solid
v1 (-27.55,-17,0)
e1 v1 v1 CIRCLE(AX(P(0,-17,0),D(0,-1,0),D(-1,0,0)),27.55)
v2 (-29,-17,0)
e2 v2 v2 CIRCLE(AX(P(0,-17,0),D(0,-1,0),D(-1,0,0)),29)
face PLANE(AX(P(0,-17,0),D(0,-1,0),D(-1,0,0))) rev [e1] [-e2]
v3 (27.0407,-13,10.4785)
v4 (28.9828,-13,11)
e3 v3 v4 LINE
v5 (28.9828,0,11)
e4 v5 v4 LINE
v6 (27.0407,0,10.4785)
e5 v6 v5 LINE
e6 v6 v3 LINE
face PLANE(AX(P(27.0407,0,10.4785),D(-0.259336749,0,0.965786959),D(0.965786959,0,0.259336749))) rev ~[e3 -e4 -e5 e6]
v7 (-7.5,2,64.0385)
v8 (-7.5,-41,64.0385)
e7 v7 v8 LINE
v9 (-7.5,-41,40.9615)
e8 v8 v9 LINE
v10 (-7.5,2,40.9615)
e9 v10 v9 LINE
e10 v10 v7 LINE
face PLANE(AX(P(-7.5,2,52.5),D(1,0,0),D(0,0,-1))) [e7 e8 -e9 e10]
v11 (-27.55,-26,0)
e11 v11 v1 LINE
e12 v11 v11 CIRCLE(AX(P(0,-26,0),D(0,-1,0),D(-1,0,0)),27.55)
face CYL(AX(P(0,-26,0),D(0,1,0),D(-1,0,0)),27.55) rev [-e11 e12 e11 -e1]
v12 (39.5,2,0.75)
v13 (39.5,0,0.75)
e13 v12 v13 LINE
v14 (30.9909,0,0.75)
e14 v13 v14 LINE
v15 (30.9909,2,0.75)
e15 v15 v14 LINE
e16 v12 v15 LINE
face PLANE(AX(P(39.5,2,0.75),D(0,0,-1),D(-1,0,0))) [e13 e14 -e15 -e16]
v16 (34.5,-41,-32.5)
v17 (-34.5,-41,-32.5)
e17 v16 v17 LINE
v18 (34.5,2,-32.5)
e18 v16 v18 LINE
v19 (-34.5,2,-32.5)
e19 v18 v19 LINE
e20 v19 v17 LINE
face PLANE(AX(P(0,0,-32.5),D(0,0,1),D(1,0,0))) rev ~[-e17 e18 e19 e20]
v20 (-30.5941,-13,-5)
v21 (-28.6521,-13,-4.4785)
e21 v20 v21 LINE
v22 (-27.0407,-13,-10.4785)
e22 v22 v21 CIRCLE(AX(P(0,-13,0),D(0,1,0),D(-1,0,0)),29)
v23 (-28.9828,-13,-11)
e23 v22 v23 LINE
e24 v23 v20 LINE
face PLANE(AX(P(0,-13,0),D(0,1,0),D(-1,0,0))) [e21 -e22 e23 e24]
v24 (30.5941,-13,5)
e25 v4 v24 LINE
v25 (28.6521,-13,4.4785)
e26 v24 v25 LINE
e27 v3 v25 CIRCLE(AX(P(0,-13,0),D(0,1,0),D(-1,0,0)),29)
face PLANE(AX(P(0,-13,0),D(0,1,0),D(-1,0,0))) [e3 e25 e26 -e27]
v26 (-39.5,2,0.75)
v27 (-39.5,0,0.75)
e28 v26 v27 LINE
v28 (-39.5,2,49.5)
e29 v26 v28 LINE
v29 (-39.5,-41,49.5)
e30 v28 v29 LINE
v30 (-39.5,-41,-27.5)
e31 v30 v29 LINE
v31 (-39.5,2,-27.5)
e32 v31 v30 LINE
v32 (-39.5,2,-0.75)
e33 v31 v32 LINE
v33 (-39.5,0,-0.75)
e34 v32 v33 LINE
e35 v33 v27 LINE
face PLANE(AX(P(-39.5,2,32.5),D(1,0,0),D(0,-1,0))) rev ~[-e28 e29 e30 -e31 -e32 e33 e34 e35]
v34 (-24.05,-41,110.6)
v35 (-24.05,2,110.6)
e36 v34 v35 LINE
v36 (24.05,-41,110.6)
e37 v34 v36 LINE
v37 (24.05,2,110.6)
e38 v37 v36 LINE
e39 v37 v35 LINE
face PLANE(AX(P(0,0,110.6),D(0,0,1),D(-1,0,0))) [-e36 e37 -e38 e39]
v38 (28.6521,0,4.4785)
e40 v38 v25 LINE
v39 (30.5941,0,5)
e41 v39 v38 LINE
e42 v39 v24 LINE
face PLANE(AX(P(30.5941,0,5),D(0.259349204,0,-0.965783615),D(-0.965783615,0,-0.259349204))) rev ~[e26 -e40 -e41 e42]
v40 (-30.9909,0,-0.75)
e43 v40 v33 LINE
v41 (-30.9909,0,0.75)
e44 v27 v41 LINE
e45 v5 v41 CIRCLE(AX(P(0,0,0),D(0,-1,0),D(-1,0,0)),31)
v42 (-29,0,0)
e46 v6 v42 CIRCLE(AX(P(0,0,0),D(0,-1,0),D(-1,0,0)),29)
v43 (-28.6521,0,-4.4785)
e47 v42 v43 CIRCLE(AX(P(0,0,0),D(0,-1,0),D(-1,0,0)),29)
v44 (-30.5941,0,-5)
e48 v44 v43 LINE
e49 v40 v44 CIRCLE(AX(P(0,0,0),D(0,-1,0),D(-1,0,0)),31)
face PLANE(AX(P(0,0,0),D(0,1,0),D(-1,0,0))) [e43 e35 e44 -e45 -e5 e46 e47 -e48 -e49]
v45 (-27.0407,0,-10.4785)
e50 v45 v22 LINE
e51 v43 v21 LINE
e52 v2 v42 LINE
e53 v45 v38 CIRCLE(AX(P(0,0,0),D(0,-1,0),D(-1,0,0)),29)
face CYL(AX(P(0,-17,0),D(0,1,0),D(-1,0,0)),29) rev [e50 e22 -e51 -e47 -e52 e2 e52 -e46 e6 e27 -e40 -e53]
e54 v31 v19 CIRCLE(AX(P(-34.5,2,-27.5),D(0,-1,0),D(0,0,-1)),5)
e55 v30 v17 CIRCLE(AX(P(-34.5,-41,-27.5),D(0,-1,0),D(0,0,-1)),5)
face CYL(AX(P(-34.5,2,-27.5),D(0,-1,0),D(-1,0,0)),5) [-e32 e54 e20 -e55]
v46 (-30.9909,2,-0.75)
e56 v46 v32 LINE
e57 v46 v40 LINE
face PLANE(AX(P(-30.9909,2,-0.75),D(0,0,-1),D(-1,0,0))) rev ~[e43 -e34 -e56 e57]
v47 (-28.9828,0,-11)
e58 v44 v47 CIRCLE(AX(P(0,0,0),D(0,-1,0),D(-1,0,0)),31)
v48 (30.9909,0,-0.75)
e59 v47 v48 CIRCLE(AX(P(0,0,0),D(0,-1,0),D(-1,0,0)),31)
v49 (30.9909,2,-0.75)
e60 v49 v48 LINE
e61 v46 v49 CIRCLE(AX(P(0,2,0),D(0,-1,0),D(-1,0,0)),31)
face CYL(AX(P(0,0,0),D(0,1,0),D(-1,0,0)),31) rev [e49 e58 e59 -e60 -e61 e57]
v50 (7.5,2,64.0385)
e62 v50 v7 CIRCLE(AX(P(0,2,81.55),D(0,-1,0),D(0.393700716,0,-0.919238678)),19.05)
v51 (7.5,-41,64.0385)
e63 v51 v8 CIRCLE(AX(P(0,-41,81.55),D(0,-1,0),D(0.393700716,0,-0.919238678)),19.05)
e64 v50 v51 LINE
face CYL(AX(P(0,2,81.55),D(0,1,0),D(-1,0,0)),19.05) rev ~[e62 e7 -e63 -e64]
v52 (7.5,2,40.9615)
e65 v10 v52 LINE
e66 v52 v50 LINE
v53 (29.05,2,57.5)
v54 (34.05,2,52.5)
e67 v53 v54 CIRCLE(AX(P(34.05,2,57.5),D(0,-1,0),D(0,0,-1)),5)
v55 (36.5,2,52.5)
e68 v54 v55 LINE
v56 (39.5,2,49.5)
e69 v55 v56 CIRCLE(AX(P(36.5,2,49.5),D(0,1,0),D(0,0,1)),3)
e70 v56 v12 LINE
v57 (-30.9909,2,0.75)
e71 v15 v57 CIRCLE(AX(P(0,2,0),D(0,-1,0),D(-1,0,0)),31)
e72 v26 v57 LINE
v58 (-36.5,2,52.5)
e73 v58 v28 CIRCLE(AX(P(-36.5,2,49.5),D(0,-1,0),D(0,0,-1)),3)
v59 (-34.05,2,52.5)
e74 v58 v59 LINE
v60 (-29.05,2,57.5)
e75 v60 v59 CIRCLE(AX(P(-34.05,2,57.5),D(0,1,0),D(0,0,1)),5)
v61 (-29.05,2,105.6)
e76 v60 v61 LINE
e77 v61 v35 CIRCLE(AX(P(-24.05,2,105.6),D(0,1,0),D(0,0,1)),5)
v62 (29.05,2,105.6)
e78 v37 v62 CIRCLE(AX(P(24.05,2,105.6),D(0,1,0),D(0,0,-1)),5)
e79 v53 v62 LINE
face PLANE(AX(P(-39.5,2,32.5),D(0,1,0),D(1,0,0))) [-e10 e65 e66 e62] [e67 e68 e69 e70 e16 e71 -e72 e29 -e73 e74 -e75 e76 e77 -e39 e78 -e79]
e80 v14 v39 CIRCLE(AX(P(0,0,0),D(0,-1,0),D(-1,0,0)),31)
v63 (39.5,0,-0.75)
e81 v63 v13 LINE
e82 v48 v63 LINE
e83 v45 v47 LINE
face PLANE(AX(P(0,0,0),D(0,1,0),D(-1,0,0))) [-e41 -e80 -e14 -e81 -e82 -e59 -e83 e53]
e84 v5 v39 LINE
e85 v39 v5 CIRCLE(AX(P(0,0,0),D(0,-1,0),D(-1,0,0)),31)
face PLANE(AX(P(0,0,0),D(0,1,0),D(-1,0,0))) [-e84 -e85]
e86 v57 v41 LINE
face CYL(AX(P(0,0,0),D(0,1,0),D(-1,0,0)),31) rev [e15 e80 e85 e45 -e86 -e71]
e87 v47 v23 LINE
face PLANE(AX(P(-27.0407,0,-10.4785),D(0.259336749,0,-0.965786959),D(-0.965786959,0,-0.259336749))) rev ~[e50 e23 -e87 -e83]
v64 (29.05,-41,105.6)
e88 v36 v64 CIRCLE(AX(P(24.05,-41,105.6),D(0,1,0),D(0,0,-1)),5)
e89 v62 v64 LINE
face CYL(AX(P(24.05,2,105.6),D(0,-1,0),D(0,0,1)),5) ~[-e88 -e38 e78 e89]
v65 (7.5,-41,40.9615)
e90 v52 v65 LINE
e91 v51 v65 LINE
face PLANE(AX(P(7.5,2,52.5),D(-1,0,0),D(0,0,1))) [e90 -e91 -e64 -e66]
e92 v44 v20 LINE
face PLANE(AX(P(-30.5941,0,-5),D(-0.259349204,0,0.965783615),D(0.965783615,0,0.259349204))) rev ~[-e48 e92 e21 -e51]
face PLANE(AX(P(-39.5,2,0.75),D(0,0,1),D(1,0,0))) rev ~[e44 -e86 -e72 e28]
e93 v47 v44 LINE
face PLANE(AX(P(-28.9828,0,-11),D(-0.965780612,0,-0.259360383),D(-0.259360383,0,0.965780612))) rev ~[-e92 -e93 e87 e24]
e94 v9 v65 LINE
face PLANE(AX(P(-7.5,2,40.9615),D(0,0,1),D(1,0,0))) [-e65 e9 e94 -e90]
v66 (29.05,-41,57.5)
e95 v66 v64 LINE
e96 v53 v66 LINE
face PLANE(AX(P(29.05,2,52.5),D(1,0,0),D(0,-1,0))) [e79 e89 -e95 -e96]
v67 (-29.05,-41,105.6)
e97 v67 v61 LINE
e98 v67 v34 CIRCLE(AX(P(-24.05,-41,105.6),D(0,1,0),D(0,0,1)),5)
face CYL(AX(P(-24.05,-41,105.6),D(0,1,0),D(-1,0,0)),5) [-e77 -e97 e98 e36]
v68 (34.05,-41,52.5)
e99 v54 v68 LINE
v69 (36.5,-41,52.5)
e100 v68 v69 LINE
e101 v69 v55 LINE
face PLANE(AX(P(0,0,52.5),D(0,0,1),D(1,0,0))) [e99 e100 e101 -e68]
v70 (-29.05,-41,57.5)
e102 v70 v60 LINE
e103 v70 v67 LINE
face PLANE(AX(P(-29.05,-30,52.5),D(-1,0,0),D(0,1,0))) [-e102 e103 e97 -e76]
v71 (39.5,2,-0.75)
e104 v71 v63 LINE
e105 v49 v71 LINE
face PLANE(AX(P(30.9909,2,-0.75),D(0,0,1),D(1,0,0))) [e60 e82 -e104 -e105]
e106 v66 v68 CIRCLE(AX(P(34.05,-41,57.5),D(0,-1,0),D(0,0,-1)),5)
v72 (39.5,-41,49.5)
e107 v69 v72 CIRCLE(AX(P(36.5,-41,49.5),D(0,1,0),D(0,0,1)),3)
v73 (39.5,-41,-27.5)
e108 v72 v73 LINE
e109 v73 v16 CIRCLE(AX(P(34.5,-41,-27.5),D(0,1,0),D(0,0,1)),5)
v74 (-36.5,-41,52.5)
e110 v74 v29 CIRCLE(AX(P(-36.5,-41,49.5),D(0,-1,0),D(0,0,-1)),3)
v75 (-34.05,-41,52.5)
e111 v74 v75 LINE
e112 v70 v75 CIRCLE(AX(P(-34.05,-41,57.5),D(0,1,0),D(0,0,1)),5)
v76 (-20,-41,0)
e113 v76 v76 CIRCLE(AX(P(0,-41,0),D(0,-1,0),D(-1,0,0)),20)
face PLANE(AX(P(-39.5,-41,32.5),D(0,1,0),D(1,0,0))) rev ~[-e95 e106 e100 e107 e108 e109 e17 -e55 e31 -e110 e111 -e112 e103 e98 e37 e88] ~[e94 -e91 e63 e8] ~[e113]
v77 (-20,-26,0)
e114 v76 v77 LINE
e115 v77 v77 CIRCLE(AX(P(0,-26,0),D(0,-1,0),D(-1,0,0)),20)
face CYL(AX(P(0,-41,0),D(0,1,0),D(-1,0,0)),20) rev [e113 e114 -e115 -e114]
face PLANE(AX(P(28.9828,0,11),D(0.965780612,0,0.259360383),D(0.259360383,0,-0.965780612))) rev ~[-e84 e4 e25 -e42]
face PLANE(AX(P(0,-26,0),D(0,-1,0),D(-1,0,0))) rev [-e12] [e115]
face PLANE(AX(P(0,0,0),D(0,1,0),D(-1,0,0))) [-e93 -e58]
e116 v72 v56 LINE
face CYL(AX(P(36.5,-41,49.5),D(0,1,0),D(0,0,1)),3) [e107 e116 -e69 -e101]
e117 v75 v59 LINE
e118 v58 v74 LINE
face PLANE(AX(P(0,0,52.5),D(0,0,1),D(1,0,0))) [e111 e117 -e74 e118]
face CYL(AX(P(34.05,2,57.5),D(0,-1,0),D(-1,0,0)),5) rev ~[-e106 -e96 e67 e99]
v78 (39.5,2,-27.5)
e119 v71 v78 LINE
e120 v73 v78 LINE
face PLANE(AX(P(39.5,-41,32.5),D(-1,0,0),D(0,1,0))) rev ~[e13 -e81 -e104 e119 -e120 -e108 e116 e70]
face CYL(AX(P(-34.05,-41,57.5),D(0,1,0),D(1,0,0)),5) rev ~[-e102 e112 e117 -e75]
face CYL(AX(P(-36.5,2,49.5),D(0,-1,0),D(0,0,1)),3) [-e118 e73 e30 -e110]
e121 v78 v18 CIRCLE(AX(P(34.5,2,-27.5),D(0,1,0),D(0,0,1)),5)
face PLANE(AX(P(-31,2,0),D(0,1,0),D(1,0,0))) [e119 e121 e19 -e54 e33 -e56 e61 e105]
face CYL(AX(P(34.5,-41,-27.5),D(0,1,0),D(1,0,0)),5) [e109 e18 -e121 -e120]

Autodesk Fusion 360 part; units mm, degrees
sketch "Sketch1" plane through (0, 0, 0) normal (0, 0, 1) x (1, 0, 0)
  line L0 (-29, 0) -> (29, 0)
  line L1 (29, 0) -> (29, -17)
  line L2 (29, -17) -> (-29, -17)
  line L3 (-29, -17) -> (-29, 0)
  line L4 (-31, 2) -> (31, 2)
  line L5 (31, 2) -> (31, 0)
  line L6 (31, 0) -> (-31, 0)
  line L7 (-31, 0) -> (-31, 2)
  line L8 (-27.55, -17) -> (27.55, -17)
  line L9 (27.55, -17) -> (27.55, -26)
  line L10 (27.55, -26) -> (-27.55, -26)
  line L11 (-27.55, -26) -> (-27.55, -17)
  line L12 (-20, -26) -> (20, -26)
  line L13 (20, -26) -> (20, -41)
  line L14 (20, -41) -> (-20, -41)
  line L15 (-20, -41) -> (-20, -26)
  line L16 (-42.5, 22) -> (42.5, 22)
  line L17 (42.5, 22) -> (42.5, 2)
  line L18 (42.5, 2) -> (-42.5, 2)
  line L19 (-42.5, 2) -> (-42.5, 22)
  line L20 (-42.5, -41) -> (-20, -41)
  line L21 (42.5, 2) -> (42.5, 22)
  line L22 (-39.5, 2) -> (-39.5, -41)
  line L23 (20, -41) -> (39.5, -41)
  line L24 (39.5, -41) -> (39.5, 2)
  line L25 (0, 2) -> (0, 22)
  line L26 (0, 2) -> (0, -41)
  dimension "d1" = 17
  dimension "d2" = 58
  dimension "d3" = 2
  dimension "d4" = 62
  dimension "d5" = 55.1
  dimension "d6" = 9
  dimension "d7" = 15
  dimension "d8" = 40
  dimension "d9" = 85
  dimension "d10" = 20
  dimension "d23" = 3
  dimension "d24" = 3
extrude "Extrude3" add sketch "Sketch1" along normal mid plane 65 contours L0 L4 L6 L7 L18 L26 | L0 L2 L3 L6 L8 L26 | L2 L3 L6 L7 L10 L11 L15 L18 L20 L22 | L0 L4 L5 L6 L18 L26 | L0 L1 L2 L6 L8 L26 | L1 L2 L5 L6 L9 L10 L13 L18 L23 L24 | L2 L8 L10 L11 L12 L26 | L2 L8 L9 L10 L12 L26 | L10 L12 L14 L15 L26 | L10 L12 L13 L14 L26
revolve "Revolve2" cut sketch "Sketch1" angle 360 about axis through (0, 2, 0) along (0, -1, 0) contours L0 L4 L6 L7 L18 L26 | L0 L2 L3 L6 L8 L26 | L2 L8 L10 L11 L12 L26 | L10 L12 L14 L15 L26
sketch "Sketch2" plane through (0, 2, 0) normal (0, 1, 0) x (-1, 0, 0)
  circle A0 centre (0, 0) radius 31
  line L0 (39.5, -32.5) -> (39.5, 32.5)
  line L1 (39.5, 32.5) -> (-39.5, 32.5)
  line L2 (-39.5, 32.5) -> (-39.5, -32.5)
  line L3 (-39.5, -32.5) -> (39.5, -32.5)
  line L4 (-39.5, 0.75) -> (-30.9909, 0.75)
  line L5 (-30.9909, 0.75) -> (-30.9909, -0.75)
  line L6 (-30.9909, -0.75) -> (-39.5, -0.75)
  line L7 (-39.5, -0.75) -> (-39.5, 0.75)
  line L8 (39.5, 0.75) -> (30.9909, 0.75)
  line L9 (30.9909, 0.75) -> (30.9909, -0.75)
  line L10 (30.9909, -0.75) -> (39.5, -0.75)
  line L11 (39.5, -0.75) -> (39.5, 0.75)
  line L12 (42.5, 0) -> (-42.5, 0)
  point P0 (28.9828, 11)
  dimension "d28" = 1.5
  dimension "d29" = 1.5
extrude "Extrude4" cut sketch "Sketch2" against normal blind 2 contours A0 L0 L10 L11 L12 | A0 L0 L8 L11 L12 | A0 L2 L4 L7 L12 | A0 L2 L6 L7 L12
sketch "Sketch3" plane through (0, 0, 0) normal (0, 1, 0) x (-1, 0, 0)
  circle A0 centre (0, 0) radius 29
  arc A1 (30.9909, 0.75) -> (-30.9909, 0.75) centre (0, 0) ccw
  line L0 (-30.9909, 0.75) -> (-39.5, 0.75)
  line L1 (-39.5, 0.75) -> (-39.5, -0.75)
  line L2 (-39.5, -0.75) -> (-30.9909, -0.75)
  arc A2 (-30.9909, -0.75) -> (30.9909, -0.75) centre (0, 0) ccw
  line L3 (30.9909, -0.75) -> (39.5, -0.75)
  line L4 (39.5, -0.75) -> (39.5, 0.75)
  line L5 (39.5, 0.75) -> (30.9909, 0.75)
  line L6 (28.9828, -11) -> (30.5941, -5)
  line L7 (30.5941, -5) -> (28.6521, -4.4785)
  line L8 (28.6521, -4.4785) -> (27.0407, -10.4785)
  line L9 (27.0407, -10.4785) -> (28.9828, -11)
  line L10 (-1.75, 0) -> (-22.5, 0)
  circle A3 centre (0, 0) radius 31
  line L11 (-30.5941, 5) -> (-28.6521, 4.4785)
  line L12 (-28.9828, 11) -> (-30.5941, 5)
  line L13 (-28.6521, 4.4785) -> (-27.0407, 10.4785)
  line L14 (-27.0407, 10.4785) -> (-28.9828, 11)
  line L15 (31, 0) -> (30.5941, -5)
  line L16 (0, 0) -> (31, 0)
  dimension "d35" = 6
  dimension "d37" = 360
  dimension "d41" = 5
extrude "Extrude5" cut sketch "Sketch3" against normal blind 13 contours A0 L11 L12 L14 | A0 L6 L7 L9
ref_plane "WorkPlane3" through (0, -9, 0) normal (0, 1, 0) x (0, 0, 1)
sketch "Sketch4" plane through (0, -9, 0) normal (0, 1, 0) x (1, 0, 0)
extrude "Extrude6" add 1 faces at (-13.1667, -26.6667, 32.5) along direction (0, 0, 1) blind 20
sketch "Sketch6" plane through (0, 0, 52.5) normal (0, 0, 1) x (-1, 0, 0)
  line L0 (39.5, 41) -> (-39.5, 41)
  line L1 (-39.5, 41) -> (-39.5, -2)
  line L2 (-39.5, -2) -> (39.5, -2)
  line L3 (39.5, -2) -> (39.5, 41)
  line L4 (-29.05, 41) -> (29.05, 41)
  line L5 (29.05, 41) -> (29.05, -2)
  line L6 (29.05, -2) -> (-29.05, -2)
  line L7 (-29.05, -2) -> (-29.05, 41)
  line L8 (29.05, 30) -> (39.5, 30)
  line L9 (-39.5, 30.6348) -> (-29.05, 30.6348)
  dimension "d44" = 58.1
extrude "Extrude7" add sketch "Sketch6" along normal blind 58.1 contours L0 L2 L4 L5 L6 L7
sketch "Sketch7" plane through (0, 2, 0) normal (0, 1, 0) x (-1, 0, 0)
  line L0 (-39.5, 0.75) -> (-30.9909, 0.75)
  arc A0 (30.9909, 0.75) -> (-30.9909, 0.75) centre (0, 0) ccw
  line L1 (30.9909, 0.75) -> (39.5, 0.75)
  line L2 (39.5, 0.75) -> (39.5, 52.5)
  line L3 (39.5, 52.5) -> (29.05, 52.5)
  line L4 (29.05, 52.5) -> (29.05, 110.6)
  line L5 (29.05, 110.6) -> (-29.05, 110.6)
  line L6 (-29.05, 110.6) -> (-29.05, 52.5)
  line L7 (-29.05, 52.5) -> (-39.5, 52.5)
  line L8 (-39.5, 52.5) -> (-39.5, 0.75)
  line L9 (-29.05, 52.5) -> (29.05, 52.5)
  circle A1 centre (0, 81.55) radius 19.05
  line L10 (-7.5, 64.0385) -> (7.5, 64.0385)
  line L11 (7.5, 64.0385) -> (7.5, 52.5)
  line L12 (7.5, 52.5) -> (-7.5, 52.5)
  line L13 (-7.5, 52.5) -> (-7.5, 64.0385)
  line L14 (0, 110.6) -> (0, 100.6)
  line L15 (0, 62.5) -> (0, 52.5)
  line L16 (-7.5, 52.5) -> (7.5, 52.5)
  line L17 (7.5, 52.5) -> (7.5, 40.9615)
  line L18 (7.5, 40.9615) -> (-7.5, 40.9615)
  line L19 (-7.5, 40.9615) -> (-7.5, 52.5)
  point P0 (0, 52.5)
  point P1 (-6.1183, 63.5093)
  dimension "d47" = 38.1
  dimension "d58" = 15
extrude "Extrude8" cut sketch "Sketch7" against normal up to surface (43 mm away) contours A1 L10 | A1 L10
fillet "Fillet1" radius 5 1 edges at (29.05, -19.5, 52.5)
fillet "Fillet2" radius 5 1 edges at (-29.05, -19.5, 52.5)
fillet "Fillet3" radius 5 4 edges at (-29.05, -19.5, 110.6) (29.05, -19.5, 110.6) (39.5, -19.5, -32.5) (-39.5, -19.5, -32.5)
fillet "Fillet4" radius 3 2 edges at (39.5, -19.5, 52.5) (-39.5, -19.5, 52.5)
extrude "Extrude9" cut sketch "Sketch7" against normal up to surface (43 mm away) contours L9 A1 L12 L13 L15 L16 | L9 L12 L16 L17 L18 L19 | L9 A1 L11 L12 L15 L16
equation "d44 = 1.5 in + 2 cm"
equation "d45 = 1.5 in + 2 cm"
